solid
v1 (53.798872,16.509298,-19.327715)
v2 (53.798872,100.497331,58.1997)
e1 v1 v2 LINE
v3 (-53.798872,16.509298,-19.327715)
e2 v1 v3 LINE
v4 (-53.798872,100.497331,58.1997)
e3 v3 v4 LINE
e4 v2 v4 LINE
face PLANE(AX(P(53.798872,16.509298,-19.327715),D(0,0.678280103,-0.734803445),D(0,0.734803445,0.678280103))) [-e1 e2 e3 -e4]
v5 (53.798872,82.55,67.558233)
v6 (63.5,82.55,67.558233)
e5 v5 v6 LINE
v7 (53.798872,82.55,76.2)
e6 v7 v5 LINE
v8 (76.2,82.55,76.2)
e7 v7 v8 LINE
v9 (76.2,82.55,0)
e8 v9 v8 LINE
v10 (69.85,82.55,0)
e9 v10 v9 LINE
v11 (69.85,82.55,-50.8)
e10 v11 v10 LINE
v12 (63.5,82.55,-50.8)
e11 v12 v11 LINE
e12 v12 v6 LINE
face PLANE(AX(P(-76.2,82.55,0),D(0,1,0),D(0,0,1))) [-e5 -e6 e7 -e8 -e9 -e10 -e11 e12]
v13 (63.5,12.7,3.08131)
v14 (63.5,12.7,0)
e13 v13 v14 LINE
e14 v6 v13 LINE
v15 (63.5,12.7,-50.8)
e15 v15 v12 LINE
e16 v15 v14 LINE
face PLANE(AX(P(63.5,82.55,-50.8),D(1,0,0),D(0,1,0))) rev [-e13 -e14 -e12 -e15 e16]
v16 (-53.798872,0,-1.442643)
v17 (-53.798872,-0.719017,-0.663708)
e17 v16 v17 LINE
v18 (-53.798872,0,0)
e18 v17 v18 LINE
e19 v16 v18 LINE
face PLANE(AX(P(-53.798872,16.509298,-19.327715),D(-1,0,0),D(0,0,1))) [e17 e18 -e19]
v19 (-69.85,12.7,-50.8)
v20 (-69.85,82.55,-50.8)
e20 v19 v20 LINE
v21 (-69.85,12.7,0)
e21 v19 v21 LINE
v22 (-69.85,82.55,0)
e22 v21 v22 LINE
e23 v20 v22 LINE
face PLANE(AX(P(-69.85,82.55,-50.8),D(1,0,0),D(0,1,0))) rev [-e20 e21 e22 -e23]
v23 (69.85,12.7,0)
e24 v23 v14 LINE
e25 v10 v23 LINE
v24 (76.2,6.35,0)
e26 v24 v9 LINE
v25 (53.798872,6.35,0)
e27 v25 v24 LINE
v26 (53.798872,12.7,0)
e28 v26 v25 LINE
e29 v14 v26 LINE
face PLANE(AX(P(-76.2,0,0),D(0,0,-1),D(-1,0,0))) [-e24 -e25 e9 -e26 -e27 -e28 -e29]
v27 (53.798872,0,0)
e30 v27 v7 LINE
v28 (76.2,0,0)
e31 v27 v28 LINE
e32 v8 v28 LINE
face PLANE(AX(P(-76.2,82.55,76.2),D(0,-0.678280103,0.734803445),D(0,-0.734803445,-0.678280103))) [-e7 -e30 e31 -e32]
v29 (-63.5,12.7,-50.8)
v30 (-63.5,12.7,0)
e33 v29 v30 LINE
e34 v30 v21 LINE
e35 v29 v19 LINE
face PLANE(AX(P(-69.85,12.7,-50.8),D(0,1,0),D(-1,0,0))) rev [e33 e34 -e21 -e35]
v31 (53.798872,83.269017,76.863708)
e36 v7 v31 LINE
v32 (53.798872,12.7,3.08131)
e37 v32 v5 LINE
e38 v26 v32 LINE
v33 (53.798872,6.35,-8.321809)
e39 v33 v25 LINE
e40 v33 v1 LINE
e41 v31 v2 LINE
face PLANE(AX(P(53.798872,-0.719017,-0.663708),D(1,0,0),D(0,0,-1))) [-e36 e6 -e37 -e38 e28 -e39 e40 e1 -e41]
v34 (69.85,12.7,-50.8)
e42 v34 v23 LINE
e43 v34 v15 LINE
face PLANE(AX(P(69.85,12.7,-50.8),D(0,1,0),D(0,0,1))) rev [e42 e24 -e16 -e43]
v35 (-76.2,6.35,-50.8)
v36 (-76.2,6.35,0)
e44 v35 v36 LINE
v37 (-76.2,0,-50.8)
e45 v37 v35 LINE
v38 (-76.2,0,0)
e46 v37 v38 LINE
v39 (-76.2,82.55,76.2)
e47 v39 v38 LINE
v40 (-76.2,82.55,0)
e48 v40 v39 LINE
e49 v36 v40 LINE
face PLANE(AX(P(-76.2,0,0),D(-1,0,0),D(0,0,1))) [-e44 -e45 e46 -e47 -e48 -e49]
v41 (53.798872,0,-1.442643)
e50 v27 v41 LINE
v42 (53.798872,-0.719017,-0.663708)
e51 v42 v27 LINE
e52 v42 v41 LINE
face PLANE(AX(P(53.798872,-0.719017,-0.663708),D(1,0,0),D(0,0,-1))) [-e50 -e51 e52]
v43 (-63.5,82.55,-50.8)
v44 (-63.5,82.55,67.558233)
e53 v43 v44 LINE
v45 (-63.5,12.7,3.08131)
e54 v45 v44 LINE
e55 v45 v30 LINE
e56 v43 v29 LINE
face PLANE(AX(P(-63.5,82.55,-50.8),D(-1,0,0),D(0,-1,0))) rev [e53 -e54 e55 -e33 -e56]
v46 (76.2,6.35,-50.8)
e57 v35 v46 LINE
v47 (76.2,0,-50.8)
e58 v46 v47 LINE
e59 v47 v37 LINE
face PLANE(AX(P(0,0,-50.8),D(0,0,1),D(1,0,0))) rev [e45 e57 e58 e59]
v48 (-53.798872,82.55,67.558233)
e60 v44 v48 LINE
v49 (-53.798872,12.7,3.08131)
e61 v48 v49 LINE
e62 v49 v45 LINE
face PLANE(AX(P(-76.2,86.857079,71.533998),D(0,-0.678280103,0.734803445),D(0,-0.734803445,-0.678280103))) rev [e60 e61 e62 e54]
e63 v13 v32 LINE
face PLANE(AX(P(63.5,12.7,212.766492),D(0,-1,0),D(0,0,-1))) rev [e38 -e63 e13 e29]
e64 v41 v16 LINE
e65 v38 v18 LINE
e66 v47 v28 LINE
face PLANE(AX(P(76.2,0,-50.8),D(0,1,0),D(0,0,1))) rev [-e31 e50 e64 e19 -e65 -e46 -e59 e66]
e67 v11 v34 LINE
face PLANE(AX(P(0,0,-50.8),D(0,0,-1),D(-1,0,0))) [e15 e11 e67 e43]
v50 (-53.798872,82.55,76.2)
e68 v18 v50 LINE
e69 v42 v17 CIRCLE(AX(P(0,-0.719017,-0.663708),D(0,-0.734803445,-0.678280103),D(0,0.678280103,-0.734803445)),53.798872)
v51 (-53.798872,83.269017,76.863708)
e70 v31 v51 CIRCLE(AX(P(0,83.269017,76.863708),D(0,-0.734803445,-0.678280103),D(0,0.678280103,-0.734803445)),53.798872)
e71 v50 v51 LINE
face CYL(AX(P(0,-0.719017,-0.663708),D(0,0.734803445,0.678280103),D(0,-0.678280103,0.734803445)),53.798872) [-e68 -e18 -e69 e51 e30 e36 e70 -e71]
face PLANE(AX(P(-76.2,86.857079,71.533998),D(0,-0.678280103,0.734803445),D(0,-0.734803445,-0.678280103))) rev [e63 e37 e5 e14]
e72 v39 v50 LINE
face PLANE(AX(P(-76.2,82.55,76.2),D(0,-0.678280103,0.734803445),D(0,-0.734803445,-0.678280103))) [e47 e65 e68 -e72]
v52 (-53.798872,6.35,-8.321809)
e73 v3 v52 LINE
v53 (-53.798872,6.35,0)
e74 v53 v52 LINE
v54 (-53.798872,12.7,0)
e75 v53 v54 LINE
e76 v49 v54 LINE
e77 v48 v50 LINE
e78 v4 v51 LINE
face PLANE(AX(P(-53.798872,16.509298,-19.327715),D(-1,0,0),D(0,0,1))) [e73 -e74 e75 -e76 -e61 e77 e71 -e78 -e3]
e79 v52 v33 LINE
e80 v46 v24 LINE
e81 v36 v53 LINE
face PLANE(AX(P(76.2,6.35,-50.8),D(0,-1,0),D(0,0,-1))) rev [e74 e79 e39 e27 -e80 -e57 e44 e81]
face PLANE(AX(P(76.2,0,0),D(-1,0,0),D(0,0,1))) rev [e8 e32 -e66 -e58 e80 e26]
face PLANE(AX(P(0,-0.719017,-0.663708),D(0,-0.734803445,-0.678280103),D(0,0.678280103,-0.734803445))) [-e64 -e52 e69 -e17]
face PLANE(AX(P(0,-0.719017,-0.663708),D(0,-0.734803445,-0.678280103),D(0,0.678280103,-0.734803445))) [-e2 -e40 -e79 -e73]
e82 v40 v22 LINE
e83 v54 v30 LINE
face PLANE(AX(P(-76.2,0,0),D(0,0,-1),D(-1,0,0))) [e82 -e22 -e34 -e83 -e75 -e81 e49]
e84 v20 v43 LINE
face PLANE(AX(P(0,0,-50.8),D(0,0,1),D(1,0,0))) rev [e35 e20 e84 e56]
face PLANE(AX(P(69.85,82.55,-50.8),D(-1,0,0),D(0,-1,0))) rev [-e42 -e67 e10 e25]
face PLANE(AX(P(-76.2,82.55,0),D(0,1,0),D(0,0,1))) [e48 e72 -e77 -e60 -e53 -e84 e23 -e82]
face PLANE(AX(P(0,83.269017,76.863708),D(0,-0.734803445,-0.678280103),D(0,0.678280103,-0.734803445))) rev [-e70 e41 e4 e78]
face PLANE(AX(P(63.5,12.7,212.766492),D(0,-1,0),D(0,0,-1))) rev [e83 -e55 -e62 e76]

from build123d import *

# Parameters (mm, degrees)
BOSS_EXTRUDE2_DEPTH              = 76.2
BOSS_EXTRUDE2_DEPTH_BACK         = 76.2
SKETCH6_W                        = 152.4
SKETCH6_H                        = 6.35
SKETCH6_W_2                      = 6.35
SKETCH6_H_2                      = 69.85
BOSS_EXTRUDE3_DEPTH              = 50.8
CUT_EXTRUDE3_REACH               = 144.097
CUT_EXTRUDE3_OFFSET_FROM_SURFACE = 6.35
SKETCH7_W                        = 127
SKETCH7_H                        = 69.85
BOSS_EXTRUDE5_DEPTH              = 57.15


with BuildPart() as part:
    # Sketch4 → Boss-Extrude2 (new, two sides: drawn at the far end of the back side and taken through both)
    with BuildSketch(Plane(origin=(0, 0, 0), x_dir=(0, 0, -1), z_dir=(1, 0, 0)).offset(-BOSS_EXTRUDE2_DEPTH_BACK)):
        Polygon((0, 0), (0, 82.55), (-76.2, 82.55), align=None)
    extrude(amount=BOSS_EXTRUDE2_DEPTH + BOSS_EXTRUDE2_DEPTH_BACK)

    # Sketch6 → Boss-Extrude3 (add)
    with BuildSketch(Plane(origin=(0, 0, 0), x_dir=(-1, 0, 0), z_dir=(0, 0, -1))):
        with Locations((0, 3.175)):
            Rectangle(SKETCH6_W, SKETCH6_H)
        with Locations((-66.675, 47.625)):
            Rectangle(SKETCH6_W_2, SKETCH6_H_2)
        with Locations((66.675, 47.625)):
            Rectangle(SKETCH6_W_2, SKETCH6_H_2)
    extrude(amount=BOSS_EXTRUDE3_DEPTH)

    # Cut-Extrude3: up to this face of the body (flat: up to its plane, moved by the offset)
    cut_extrude3_end = Plane(part.part.faces().sort_by_distance((0, 41.275, 38.1))[0]).offset(-CUT_EXTRUDE3_OFFSET_FROM_SURFACE)
    # Sketch7 → Cut-Extrude3 (cut, up to the picked face)
    with BuildSketch(Plane(origin=(0, 0, 0), x_dir=(-1, 0, 0), z_dir=(0, 0, -1)), mode=Mode.PRIVATE) as cut_extrude3_sk1:
        with Locations((0, 47.625)):
            Rectangle(SKETCH7_W, SKETCH7_H)
    cut_extrude3_tool1 = split(extrude(cut_extrude3_sk1.sketch, amount=-CUT_EXTRUDE3_REACH, mode=Mode.PRIVATE), bisect_by=cut_extrude3_end, keep=Keep.BOTH, mode=Mode.PRIVATE)
    add(cut_extrude3_tool1.solids().sort_by(Axis((0, 47.625, 0), (0, 0, 1)))[0], mode=Mode.SUBTRACT)

    # Sketch8 → Boss-Extrude5 (add, symmetric)
    with BuildSketch(Plane(origin=(0, 41.275, 38.1), x_dir=(-1, 0, 0), z_dir=(0, -0.7348034446274878, -0.6782801027330659))):
        with BuildLine():
            Line((-53.798871559, 0), (-53.798871559, 25.4))
            Line((-53.798871559, 25.4), (53.798871559, 25.4))
            Line((53.798871559, 25.4), (53.798871559, 0))
            ThreePointArc((53.798871559, 0), (0, -53.798871559), (-53.798871559, 0))
        make_face()
    extrude(amount=BOSS_EXTRUDE5_DEPTH, both=True)


solid = part.part
